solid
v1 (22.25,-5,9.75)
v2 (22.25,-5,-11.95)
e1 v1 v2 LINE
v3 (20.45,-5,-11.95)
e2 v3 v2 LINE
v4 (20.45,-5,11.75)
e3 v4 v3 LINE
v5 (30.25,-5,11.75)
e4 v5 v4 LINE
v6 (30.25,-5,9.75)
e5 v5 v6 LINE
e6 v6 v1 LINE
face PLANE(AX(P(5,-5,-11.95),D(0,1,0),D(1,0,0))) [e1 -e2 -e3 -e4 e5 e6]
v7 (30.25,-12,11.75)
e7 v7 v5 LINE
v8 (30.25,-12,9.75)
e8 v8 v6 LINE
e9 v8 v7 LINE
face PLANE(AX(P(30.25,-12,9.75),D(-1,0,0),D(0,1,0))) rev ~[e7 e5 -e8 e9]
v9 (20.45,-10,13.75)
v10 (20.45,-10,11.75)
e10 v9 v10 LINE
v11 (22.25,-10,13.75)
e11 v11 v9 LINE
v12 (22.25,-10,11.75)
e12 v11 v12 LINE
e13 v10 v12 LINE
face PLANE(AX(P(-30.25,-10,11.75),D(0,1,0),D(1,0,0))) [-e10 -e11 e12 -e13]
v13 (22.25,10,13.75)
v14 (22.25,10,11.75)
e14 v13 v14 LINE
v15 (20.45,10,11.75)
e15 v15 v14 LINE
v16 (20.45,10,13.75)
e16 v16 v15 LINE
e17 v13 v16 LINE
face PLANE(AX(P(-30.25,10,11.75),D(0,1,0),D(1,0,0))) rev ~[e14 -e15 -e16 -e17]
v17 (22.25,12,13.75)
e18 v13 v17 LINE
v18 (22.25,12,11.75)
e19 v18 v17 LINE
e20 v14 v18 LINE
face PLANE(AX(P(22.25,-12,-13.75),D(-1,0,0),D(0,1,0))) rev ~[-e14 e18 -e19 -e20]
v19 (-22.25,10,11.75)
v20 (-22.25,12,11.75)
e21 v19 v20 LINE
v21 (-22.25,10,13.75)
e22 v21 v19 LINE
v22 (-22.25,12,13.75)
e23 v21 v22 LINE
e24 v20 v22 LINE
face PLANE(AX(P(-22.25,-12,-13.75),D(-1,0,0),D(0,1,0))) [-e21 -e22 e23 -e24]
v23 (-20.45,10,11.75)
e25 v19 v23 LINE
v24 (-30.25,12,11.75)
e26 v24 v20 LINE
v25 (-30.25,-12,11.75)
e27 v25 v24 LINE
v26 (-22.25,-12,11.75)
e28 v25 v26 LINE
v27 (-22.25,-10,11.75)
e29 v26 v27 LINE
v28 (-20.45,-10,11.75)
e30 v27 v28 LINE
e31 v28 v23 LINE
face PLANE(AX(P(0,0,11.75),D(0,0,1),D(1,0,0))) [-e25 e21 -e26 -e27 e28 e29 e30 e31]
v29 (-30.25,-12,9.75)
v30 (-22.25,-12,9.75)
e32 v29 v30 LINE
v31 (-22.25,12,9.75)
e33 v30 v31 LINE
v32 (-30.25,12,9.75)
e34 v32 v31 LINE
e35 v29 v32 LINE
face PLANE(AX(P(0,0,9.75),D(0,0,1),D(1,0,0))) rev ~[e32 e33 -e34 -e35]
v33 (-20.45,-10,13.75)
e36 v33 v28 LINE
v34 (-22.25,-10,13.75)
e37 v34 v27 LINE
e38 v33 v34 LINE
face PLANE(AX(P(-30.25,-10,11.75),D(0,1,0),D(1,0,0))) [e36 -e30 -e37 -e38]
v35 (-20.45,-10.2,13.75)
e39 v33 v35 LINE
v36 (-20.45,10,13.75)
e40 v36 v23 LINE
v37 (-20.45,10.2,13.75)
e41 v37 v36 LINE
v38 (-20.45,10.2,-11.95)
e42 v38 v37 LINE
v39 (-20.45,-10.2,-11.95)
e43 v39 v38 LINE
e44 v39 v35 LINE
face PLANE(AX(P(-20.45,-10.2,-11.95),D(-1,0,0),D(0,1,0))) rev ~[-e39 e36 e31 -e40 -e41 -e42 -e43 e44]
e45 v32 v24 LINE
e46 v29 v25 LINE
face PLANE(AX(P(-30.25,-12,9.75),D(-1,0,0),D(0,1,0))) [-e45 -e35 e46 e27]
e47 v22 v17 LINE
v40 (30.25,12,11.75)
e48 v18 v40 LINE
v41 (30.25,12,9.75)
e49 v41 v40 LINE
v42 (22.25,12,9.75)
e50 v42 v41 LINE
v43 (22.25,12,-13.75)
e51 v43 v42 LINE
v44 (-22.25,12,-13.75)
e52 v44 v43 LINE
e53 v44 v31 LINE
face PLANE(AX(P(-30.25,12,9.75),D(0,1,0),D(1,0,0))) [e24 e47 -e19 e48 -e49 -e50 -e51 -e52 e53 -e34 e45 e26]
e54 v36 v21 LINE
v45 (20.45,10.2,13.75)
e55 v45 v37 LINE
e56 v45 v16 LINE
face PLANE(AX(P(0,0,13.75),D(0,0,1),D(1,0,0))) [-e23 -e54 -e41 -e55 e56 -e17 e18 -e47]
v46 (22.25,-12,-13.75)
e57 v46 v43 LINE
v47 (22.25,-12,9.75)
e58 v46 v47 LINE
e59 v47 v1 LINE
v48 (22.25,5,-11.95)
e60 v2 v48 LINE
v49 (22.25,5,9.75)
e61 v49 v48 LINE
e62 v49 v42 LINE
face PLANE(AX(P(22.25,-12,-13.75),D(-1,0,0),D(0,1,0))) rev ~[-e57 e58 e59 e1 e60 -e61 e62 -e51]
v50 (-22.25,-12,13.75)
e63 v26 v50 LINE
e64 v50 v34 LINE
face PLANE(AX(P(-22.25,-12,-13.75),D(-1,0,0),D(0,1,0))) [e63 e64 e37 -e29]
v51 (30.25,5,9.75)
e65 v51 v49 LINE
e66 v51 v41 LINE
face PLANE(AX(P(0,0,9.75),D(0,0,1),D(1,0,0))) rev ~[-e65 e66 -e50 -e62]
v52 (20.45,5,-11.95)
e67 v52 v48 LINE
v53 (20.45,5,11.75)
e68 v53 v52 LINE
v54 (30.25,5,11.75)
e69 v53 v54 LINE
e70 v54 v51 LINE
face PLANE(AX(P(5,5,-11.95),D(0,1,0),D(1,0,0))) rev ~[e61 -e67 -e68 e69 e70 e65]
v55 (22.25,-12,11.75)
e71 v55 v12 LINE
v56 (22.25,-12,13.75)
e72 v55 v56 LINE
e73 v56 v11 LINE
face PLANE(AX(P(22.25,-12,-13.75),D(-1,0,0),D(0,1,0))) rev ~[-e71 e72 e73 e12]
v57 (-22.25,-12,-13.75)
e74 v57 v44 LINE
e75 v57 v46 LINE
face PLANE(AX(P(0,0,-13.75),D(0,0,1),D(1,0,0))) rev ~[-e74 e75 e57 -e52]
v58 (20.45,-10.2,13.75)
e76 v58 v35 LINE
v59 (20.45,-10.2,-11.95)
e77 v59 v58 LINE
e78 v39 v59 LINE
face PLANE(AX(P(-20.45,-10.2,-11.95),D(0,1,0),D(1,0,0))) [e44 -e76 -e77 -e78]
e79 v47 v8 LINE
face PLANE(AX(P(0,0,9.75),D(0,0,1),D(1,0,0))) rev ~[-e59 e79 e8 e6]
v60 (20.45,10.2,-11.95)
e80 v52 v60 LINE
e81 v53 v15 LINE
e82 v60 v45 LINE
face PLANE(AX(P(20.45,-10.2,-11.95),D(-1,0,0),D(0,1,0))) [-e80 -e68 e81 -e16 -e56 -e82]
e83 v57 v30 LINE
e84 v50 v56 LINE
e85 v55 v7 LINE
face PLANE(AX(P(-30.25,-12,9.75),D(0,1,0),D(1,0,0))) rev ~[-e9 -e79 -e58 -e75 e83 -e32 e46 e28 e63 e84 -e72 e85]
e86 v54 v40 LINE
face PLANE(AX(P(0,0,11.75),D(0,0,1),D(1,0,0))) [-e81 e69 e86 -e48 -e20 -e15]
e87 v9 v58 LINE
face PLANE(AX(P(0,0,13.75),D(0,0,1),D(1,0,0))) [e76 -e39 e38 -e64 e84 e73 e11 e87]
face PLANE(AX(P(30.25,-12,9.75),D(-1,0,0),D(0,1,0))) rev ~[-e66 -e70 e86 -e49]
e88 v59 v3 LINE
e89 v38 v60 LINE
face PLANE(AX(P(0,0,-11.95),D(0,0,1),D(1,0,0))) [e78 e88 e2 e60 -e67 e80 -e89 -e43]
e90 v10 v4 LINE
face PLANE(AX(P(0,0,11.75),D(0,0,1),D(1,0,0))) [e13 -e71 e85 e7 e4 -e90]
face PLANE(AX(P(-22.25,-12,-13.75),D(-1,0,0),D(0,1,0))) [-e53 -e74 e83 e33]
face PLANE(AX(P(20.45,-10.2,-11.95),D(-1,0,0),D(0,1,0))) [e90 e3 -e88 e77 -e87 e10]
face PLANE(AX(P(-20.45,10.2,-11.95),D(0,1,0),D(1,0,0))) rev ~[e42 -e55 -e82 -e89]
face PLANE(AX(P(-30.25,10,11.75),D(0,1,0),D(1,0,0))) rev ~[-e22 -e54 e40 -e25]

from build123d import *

# Parameters (mm, degrees)
CUBE003_W     = 60.5
CUBE003_H     = 20
CUBE003_DEPTH = 3
CUBE004_W     = 30
CUBE004_H     = 10
CUBE004_DEPTH = 47.5
CUBE002_W     = 40.9
CUBE002_H     = 20.4
CUBE002_DEPTH = 27.9
CUBE001_W     = 60.5
CUBE001_H     = 24
CUBE001_DEPTH = 2
CUBE_W        = 44.5
CUBE_H        = 24
CUBE_DEPTH    = 27.5


with BuildPart() as cube003:
    # cube003 → cube003 (new body)
    with BuildSketch(Plane(origin=(-30.25, -10, 11.75), x_dir=(1, 0, 0), z_dir=(0, 0, 1))):
        with Locations((30.25, 10)):
            Rectangle(CUBE003_W, CUBE003_H)
    extrude(amount=CUBE003_DEPTH)


with BuildPart() as cube004:
    # cube004 → cube004 (new body)
    with BuildSketch(Plane(origin=(5, -5, -11.95), x_dir=(1, 0, 0), z_dir=(0, 0, 1))):
        with Locations((15, 5)):
            Rectangle(CUBE004_W, CUBE004_H)
    extrude(amount=CUBE004_DEPTH)


with BuildPart() as union001:
    # cube002 → cube002 (new body)
    with BuildSketch(Plane(origin=(-20.45, -10.2, -11.95), x_dir=(1, 0, 0), z_dir=(0, 0, 1))):
        with Locations((20.45, 10.2)):
            Rectangle(CUBE002_W, CUBE002_H)
    extrude(amount=CUBE002_DEPTH)

    # union001: union cube003, cube004
    add(cube003.part)
    add(cube004.part)


with BuildPart() as cube001:
    # cube001 → cube001 (new body)
    with BuildSketch(Plane(origin=(-30.25, -12, 9.75), x_dir=(1, 0, 0), z_dir=(0, 0, 1))):
        with Locations((30.25, 12)):
            Rectangle(CUBE001_W, CUBE001_H)
    extrude(amount=CUBE001_DEPTH)


with BuildPart() as difference:
    # cube → cube (new body)
    with BuildSketch(Plane(origin=(-22.25, -12, -13.75), x_dir=(1, 0, 0), z_dir=(0, 0, 1))):
        with Locations((22.25, 12)):
            Rectangle(CUBE_W, CUBE_H)
    extrude(amount=CUBE_DEPTH)

    # union: union cube001
    add(cube001.part)

    # difference: cut union001
    add(union001.part, mode=Mode.SUBTRACT)


solid = difference.part
